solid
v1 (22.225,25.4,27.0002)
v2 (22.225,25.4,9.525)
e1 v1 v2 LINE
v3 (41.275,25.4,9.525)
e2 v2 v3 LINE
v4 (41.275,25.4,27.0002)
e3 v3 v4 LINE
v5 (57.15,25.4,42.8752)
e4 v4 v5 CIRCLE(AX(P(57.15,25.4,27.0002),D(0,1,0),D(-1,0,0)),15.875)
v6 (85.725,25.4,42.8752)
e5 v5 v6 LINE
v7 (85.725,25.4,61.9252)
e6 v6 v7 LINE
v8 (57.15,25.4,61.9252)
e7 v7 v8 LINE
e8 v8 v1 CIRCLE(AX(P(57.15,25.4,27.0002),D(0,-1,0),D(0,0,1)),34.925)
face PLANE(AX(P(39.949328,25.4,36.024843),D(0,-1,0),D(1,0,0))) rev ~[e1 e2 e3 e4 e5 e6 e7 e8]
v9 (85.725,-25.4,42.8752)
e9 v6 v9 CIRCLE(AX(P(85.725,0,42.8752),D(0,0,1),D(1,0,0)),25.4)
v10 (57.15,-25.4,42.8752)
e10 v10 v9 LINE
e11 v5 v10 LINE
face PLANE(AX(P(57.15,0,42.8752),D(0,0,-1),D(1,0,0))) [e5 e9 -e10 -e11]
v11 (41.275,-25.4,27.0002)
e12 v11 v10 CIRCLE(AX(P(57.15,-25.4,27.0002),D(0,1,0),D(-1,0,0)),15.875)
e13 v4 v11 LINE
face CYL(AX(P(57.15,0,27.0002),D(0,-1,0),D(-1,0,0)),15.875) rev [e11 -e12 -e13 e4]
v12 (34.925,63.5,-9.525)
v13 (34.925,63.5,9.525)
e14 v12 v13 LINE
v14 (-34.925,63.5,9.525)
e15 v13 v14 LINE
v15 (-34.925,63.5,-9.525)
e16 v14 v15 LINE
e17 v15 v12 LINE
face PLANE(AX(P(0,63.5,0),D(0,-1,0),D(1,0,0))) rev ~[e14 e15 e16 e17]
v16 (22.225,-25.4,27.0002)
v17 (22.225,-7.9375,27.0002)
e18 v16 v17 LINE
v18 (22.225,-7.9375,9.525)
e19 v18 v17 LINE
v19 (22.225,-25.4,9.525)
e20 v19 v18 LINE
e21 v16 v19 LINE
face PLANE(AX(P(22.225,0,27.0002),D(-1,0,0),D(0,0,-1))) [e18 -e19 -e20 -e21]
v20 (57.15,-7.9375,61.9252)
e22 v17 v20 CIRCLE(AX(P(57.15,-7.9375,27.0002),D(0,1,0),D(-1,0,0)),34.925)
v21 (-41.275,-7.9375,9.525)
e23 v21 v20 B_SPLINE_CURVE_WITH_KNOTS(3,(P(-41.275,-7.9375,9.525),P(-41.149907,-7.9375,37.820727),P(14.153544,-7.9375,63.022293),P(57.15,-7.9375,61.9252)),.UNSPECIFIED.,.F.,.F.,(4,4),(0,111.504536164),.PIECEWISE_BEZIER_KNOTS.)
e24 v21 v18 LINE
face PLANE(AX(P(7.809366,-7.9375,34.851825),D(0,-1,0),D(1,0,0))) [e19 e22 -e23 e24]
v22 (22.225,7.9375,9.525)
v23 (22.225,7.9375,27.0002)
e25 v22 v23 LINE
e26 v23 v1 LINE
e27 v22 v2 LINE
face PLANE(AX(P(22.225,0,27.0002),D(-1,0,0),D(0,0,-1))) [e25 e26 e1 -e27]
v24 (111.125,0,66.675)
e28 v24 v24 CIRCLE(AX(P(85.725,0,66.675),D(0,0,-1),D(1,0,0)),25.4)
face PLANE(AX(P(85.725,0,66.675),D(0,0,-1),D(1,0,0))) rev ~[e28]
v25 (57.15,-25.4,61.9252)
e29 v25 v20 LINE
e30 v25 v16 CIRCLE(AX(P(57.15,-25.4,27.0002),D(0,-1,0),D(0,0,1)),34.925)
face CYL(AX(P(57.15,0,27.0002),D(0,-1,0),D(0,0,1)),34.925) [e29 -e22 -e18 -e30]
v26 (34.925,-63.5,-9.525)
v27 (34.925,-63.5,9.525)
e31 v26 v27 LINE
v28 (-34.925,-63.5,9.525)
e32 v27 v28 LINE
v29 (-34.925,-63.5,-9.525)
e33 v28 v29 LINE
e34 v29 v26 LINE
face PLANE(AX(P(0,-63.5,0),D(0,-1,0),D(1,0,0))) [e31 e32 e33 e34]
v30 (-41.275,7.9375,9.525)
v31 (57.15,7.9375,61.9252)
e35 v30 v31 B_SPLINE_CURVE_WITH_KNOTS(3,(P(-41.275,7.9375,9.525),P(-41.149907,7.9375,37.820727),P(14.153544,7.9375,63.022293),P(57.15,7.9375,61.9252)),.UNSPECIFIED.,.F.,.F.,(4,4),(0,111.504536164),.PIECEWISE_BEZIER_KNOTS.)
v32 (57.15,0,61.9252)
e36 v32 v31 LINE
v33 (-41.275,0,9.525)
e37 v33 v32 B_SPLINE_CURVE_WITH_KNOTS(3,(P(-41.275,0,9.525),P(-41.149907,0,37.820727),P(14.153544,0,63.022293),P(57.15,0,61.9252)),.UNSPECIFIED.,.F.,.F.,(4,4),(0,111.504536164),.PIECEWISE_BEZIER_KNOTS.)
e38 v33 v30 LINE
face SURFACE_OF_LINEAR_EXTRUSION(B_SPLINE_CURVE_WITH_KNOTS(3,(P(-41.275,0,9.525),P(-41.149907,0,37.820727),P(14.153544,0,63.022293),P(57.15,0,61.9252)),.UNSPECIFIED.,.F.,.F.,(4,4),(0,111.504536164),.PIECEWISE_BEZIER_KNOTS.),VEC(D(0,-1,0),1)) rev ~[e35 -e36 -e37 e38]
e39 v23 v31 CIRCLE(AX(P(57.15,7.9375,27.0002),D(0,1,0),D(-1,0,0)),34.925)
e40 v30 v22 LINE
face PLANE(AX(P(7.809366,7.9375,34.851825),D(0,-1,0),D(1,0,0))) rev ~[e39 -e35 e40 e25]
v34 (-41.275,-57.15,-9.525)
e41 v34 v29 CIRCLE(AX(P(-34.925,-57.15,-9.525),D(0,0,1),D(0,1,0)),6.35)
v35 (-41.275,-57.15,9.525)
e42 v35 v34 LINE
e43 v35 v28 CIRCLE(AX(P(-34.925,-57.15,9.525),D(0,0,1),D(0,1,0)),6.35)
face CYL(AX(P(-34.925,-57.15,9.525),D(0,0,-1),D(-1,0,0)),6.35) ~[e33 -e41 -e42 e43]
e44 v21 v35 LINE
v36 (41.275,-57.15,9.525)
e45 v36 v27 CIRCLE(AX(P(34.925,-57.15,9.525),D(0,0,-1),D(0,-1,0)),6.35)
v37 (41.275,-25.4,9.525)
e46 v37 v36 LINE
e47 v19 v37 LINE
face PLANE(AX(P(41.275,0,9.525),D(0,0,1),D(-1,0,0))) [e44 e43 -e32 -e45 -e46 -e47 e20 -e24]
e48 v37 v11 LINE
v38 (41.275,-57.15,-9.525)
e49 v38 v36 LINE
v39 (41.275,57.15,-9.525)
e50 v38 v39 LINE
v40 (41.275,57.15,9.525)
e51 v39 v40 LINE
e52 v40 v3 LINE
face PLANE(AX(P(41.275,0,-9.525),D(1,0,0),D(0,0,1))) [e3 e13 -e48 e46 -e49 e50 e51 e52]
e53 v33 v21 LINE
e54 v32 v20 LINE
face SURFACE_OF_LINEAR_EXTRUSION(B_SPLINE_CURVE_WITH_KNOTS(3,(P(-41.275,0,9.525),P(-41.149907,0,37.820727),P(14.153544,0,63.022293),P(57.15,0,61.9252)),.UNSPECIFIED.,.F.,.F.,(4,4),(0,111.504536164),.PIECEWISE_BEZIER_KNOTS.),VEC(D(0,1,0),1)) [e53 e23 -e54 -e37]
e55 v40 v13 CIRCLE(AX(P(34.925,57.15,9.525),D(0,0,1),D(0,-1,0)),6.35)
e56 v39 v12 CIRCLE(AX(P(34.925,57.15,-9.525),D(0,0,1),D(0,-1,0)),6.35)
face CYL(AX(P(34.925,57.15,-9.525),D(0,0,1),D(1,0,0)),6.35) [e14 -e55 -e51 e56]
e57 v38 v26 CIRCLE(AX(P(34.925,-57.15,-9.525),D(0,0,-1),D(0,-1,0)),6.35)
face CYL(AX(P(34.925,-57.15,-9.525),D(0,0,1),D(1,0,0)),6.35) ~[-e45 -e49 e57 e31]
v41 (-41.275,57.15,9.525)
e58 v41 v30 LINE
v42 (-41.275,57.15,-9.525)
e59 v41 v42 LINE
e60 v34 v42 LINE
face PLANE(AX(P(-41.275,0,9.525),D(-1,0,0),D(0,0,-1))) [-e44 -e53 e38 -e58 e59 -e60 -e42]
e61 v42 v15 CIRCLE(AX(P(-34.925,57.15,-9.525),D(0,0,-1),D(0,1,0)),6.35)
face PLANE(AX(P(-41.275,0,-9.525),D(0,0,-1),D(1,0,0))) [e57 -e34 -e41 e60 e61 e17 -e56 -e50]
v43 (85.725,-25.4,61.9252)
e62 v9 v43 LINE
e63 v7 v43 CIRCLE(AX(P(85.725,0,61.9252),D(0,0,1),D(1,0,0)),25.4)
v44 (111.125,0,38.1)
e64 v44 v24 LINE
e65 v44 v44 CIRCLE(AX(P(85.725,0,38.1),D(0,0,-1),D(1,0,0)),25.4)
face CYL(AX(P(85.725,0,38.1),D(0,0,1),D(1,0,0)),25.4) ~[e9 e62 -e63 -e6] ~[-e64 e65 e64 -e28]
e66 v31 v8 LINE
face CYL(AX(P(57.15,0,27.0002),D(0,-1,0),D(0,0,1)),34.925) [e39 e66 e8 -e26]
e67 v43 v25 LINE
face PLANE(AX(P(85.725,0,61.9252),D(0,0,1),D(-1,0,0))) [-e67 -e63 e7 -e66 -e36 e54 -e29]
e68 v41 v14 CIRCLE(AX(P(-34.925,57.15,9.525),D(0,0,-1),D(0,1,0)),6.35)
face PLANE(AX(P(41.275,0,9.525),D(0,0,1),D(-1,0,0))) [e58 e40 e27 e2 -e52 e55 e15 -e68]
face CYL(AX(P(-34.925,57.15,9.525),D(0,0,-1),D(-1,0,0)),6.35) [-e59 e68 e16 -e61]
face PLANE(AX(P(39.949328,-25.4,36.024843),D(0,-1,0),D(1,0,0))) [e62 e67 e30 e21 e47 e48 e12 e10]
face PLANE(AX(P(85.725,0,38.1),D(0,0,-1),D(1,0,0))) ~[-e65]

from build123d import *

# Parameters (mm, degrees)
F1_DEPTH = 63.5
F2_DEPTH = 7.9375
F0_W     = 25.4
F0_H     = 19.05
F3_DEPTH = 25.4
F5_R     = 6.35


with BuildPart() as f1:
    # F0 (on Front) → F1 (new body, symmetric)
    with BuildSketch(Plane.XZ):
        Polygon((41.275, -9.525), (41.275, 9.525), (22.225, 9.525), (-41.275, 9.525), (-41.275, -9.525), align=None)
    extrude(amount=F1_DEPTH, both=True)

    # F0 (on Front) → F2 (join, symmetric)
    with BuildSketch(Plane.XZ):
        with BuildLine():
            Line((-41.275, 9.525), (22.225, 9.525))
            Line((22.225, 9.525), (22.225, 27.0002))
            ThreePointArc((22.225, 27.0002), (32.4542956671, 51.6959043329), (57.15, 61.9252))
            add(Edge.make_bspline(
                [(-41.275, 9.525), (-41.1499068141, 37.8207266331), (14.1535438597, 63.0222931504), (57.15, 61.9252)],
                knots=[0, 0, 0, 0, 111.5045361635, 111.5045361635, 111.5045361635, 111.5045361635], degree=3))
        make_face()
    extrude(amount=F2_DEPTH, both=True)

    # F0 (on Front) → F3 (join, symmetric)
    with BuildSketch(Plane.XZ):
        with BuildLine():
            Line((22.225, 9.525), (41.275, 9.525))
            Line((41.275, 9.525), (41.275, 27.0002))
            ThreePointArc((41.275, 27.0002), (45.9246798487, 38.2255201513), (57.15, 42.8752))
            Line((57.15, 42.8752), (60.325, 42.8752))
            Line((60.325, 42.8752), (60.325, 61.9252))
            Line((60.325, 61.9252), (57.15, 61.9252))
            ThreePointArc((57.15, 61.9252), (32.4542956671, 51.6959043329), (22.225, 27.0002))
            Line((22.225, 27.0002), (22.225, 9.525))
        make_face()
        with Locations((73.025, 52.4002)):
            Rectangle(F0_W, F0_H)
    extrude(amount=F3_DEPTH, both=True)

    # F0 (on Front) → F4 (revolve)
    with BuildSketch(Plane.XZ):
        Polygon((85.725, 61.9252), (85.725, 42.8752), (85.725, 38.1), (111.125, 38.1), (111.125, 66.675), (85.725, 66.675), align=None)
    revolve(axis=Axis((85.725, 0, 52.3875), (0, 0, -1)))

    # F5
    f5_edges = [f1.edges().sort_by_distance(p)[0] for p in [
        (-41.275, -63.5, 0),
        (41.275, -63.5, 0),
        (-41.275, 63.5, 0),
        (41.275, 63.5, 0),
    ]]
    fillet(f5_edges, radius=F5_R)


solid = f1.part
